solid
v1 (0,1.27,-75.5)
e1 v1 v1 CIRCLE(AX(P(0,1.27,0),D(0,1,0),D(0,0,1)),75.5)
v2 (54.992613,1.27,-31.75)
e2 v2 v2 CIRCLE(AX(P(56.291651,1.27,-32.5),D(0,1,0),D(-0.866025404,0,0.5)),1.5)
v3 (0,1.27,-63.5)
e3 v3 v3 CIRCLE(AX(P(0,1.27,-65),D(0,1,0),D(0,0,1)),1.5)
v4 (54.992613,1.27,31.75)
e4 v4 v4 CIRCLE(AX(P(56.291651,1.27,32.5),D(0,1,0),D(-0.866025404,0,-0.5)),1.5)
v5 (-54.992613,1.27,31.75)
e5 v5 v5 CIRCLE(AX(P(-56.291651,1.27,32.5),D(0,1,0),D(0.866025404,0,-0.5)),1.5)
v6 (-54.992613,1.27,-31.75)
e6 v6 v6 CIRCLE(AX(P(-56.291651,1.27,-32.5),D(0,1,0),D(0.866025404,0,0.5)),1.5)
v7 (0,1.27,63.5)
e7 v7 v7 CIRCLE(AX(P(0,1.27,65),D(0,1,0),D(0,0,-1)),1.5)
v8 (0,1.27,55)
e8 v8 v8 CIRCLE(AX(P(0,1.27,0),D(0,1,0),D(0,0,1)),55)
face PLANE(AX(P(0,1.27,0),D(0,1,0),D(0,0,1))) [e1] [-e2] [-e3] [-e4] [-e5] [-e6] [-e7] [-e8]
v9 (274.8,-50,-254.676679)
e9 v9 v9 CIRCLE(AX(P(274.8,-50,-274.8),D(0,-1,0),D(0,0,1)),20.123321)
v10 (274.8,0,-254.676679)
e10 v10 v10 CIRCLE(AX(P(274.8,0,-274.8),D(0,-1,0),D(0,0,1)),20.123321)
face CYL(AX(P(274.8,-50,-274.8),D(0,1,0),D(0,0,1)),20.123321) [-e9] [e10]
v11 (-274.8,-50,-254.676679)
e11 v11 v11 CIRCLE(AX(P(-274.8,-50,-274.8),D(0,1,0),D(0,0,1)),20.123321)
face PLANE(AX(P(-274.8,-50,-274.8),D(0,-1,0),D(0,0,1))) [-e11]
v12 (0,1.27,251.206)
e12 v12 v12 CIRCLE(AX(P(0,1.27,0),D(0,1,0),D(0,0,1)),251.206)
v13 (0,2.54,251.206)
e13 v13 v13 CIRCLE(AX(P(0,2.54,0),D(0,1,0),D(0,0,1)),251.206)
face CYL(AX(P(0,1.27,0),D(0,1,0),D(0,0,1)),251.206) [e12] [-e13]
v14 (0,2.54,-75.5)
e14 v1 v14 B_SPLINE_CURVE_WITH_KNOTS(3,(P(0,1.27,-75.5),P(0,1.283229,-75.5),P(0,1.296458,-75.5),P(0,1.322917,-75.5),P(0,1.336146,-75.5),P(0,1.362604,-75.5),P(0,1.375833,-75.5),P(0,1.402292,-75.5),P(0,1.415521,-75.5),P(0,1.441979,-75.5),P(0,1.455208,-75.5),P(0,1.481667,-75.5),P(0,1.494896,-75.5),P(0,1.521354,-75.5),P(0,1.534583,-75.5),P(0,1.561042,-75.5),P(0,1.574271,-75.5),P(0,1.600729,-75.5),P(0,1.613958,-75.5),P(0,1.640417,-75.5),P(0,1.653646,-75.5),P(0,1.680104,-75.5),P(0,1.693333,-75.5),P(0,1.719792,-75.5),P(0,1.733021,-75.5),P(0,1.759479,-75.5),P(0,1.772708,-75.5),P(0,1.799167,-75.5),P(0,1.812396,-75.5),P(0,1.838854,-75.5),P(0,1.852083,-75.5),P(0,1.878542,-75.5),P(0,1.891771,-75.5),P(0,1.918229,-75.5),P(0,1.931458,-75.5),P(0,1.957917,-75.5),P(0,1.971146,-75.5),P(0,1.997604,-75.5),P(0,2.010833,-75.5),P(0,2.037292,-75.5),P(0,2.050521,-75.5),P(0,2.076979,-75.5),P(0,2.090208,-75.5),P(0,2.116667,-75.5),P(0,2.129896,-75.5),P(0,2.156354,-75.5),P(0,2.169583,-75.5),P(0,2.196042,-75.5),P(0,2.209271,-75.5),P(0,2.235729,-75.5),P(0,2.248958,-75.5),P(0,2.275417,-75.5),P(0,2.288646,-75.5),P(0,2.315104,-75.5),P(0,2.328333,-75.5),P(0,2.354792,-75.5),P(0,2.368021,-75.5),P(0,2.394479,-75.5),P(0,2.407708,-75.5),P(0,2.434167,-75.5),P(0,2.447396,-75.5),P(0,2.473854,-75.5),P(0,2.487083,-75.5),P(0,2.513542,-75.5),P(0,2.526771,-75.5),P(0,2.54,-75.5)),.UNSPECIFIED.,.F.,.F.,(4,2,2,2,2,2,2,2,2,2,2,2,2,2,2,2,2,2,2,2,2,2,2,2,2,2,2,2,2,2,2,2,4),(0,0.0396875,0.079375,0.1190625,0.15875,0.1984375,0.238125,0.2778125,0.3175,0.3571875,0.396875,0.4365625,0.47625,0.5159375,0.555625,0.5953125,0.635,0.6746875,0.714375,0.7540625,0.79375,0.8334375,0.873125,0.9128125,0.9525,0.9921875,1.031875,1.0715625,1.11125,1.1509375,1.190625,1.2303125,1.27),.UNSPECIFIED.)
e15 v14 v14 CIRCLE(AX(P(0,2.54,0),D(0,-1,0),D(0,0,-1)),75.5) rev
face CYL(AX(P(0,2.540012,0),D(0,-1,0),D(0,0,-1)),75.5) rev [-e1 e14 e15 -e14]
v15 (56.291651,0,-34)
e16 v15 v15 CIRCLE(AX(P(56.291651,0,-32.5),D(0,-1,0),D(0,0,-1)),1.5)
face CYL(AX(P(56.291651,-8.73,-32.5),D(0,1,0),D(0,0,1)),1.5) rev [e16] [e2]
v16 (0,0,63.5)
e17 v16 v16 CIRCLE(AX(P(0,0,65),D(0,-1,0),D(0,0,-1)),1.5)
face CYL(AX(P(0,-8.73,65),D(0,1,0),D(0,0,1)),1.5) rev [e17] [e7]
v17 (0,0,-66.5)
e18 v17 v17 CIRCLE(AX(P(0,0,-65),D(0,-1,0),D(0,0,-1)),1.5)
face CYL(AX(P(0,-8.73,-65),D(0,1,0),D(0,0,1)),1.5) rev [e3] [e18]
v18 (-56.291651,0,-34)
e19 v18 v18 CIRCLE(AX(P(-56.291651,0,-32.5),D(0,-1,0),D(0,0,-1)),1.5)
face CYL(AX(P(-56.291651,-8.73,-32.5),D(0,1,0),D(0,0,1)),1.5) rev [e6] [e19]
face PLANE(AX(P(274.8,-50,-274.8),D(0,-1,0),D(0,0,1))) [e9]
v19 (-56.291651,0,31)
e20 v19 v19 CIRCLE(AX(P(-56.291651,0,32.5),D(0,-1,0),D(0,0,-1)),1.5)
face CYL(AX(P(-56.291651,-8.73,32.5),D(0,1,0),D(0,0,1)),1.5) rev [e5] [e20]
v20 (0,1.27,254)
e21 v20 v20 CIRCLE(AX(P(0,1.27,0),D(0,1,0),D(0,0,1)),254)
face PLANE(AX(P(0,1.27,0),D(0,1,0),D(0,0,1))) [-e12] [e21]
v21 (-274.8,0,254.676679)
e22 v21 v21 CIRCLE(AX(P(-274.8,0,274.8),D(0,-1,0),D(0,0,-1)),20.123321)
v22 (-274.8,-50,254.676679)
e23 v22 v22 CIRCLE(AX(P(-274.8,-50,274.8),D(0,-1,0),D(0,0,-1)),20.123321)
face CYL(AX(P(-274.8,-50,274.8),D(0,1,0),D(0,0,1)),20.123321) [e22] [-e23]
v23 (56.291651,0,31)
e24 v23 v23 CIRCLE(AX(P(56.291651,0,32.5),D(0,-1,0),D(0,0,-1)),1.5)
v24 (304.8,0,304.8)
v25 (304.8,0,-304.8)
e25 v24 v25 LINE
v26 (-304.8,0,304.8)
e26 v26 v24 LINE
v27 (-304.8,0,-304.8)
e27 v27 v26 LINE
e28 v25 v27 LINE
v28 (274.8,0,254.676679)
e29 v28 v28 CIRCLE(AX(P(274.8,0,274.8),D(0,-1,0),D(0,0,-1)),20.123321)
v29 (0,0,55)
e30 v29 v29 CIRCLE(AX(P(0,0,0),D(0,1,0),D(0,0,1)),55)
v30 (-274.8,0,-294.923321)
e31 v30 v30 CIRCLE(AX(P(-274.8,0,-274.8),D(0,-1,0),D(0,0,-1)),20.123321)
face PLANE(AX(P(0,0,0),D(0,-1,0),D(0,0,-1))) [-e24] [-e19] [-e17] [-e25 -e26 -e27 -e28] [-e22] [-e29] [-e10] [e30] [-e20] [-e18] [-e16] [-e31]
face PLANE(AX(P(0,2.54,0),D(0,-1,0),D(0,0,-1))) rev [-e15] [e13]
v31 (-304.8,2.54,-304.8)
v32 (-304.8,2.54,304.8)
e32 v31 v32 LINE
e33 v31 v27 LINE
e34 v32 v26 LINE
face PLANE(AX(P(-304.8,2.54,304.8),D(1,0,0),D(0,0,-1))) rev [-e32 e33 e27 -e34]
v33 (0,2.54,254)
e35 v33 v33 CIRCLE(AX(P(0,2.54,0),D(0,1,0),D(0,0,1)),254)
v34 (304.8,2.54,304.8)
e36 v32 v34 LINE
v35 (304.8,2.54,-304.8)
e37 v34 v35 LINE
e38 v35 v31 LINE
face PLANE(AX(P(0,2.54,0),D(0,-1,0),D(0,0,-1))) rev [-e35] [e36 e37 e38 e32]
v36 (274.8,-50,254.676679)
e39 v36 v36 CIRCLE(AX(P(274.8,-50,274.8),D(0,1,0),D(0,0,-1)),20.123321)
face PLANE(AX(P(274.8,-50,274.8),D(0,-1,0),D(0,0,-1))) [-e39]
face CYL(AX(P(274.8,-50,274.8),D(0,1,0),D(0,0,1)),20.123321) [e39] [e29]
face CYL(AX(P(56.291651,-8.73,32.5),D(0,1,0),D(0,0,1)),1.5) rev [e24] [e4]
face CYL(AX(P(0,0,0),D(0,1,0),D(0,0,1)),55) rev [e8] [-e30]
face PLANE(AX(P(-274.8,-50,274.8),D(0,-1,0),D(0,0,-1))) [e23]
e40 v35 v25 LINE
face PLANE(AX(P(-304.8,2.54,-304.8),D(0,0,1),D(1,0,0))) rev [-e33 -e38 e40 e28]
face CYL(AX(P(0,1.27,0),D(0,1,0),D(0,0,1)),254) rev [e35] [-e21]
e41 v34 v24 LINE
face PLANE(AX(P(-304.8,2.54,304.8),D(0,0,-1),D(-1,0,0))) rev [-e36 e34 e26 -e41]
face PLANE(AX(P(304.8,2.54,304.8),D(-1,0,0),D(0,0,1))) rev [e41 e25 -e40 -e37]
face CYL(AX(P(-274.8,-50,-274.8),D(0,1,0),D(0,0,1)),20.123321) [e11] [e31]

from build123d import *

# Parameters (mm, degrees)
SKETCH2_W                                  = 609.6
SKETCH2_H                                  = 609.6
BOSS_EXTRUDE1_DEPTH                        = 2.54
CUT_EXTRUDE1_DEPTH                         = 432.059777293
CUT_EXTRUDE1_DEPTH_BACK                    = 1.27
SKETCH5_R                                  = 75.5
CUT_EXTRUDE2_DEPTH                         = 432.054164694
CUT_EXTRUDE2_DEPTH_BACK                    = 432.054164694
SKETCH7_R                                  = 55
SKETCH12_R                                 = 20.123320675
BOSS_EXTRUDE2_DEPTH                        = 50
SKETCH13_R                                 = 1.5
CUT_EXTRUDE3_DEPTH                         = 10
CIRPATTERN2_COUNT                          = 6
MIRROR1_AT_THE_SECOND_PLANE_COPY_1_SKETC_R = 20.123320675
MIRROR1_AT_THE_SECOND_PLANE_COPY_1_DEPTH   = 50
SKETCH16_R                                 = 254
SKETCH16_R_2                               = 251.206
CUT_EXTRUDE6_DEPTH                         = 1.27


with BuildPart() as part:
    # Sketch2 → Boss-Extrude1 (new body)
    with BuildSketch(Plane(origin=(0, 0, 0), x_dir=(1, 0, 0), z_dir=(0, 1, 0))):
        Rectangle(SKETCH2_W, SKETCH2_H)
    extrude(amount=BOSS_EXTRUDE1_DEPTH)

    # Sketch5 → Cut-Extrude1 (cut, two sides: drawn at the far end of the back side and taken through both)
    with BuildSketch(Plane(origin=(0, 2.54, 0), x_dir=(1, 0, 0), z_dir=(0, 1, 0)).offset(-CUT_EXTRUDE1_DEPTH_BACK)):
        with Locations(Location((0, 0, 0), (0, 0, 90))):
            Circle(SKETCH5_R)
    extrude(amount=CUT_EXTRUDE1_DEPTH + CUT_EXTRUDE1_DEPTH_BACK, mode=Mode.SUBTRACT)

    # Sketch7 → Cut-Extrude2 (cut, two sides: drawn at the far end of the back side and taken through both)
    with BuildSketch(Plane(origin=(0, 1.27, 0), x_dir=(1, 0, 0), z_dir=(0, 1, 0)).offset(-CUT_EXTRUDE2_DEPTH_BACK)):
        with Locations(Location((0, 0, 0), (0, 0, 270))):
            Circle(SKETCH7_R)
    extrude(amount=CUT_EXTRUDE2_DEPTH + CUT_EXTRUDE2_DEPTH_BACK, mode=Mode.SUBTRACT)

    # Sketch12 → Boss-Extrude2 (add)
    with BuildSketch(Plane.XZ):
        with Locations(Location((-274.8, 274.8, 0), (0, 0, 270))):
            Circle(SKETCH12_R)
    boss_extrude2 = extrude(amount=BOSS_EXTRUDE2_DEPTH)

    # Sketch13 → Cut-Extrude3 (cut)
    with BuildSketch(Plane(origin=(0, 1.27, 0), x_dir=(1, 0, 0), z_dir=(0, 1, 0))):
        with Locations(Location((0, 65, 0), (0, 0, 270))):
            Circle(SKETCH13_R)
    cut_extrude3 = extrude(amount=-CUT_EXTRUDE3_DEPTH, mode=Mode.SUBTRACT)

    # CirPattern2: Cut-Extrude3 ×6 about axis
    cirpattern2_axis = Axis((0, 0, 0), (0, 1, 0))
    for i in range(1, CIRPATTERN2_COUNT):
        add(cut_extrude3.rotate(cirpattern2_axis, i * 360 / CIRPATTERN2_COUNT), mode=Mode.SUBTRACT)

    # Mirror1: Boss-Extrude2 across plane
    add(boss_extrude2.mirror(Plane.XY))

    # Mirror1 at the second plane: Boss-Extrude2 across plane
    add(boss_extrude2.mirror(Plane(origin=(0, 0, 0), x_dir=(0, 0, 1), z_dir=(1, 0, 0))))

    # Mirror1 at the second plane copy 1 sketc → Mirror1 at the second plane copy 1 (add)
    with BuildSketch(Plane(origin=(0, 0, 0), x_dir=(-1, 0, 0), z_dir=(0, -1, 0))):
        with Locations(Location((-274.8, 274.8, 0), (0, 0, 270))):
            Circle(MIRROR1_AT_THE_SECOND_PLANE_COPY_1_SKETC_R)
    extrude(amount=MIRROR1_AT_THE_SECOND_PLANE_COPY_1_DEPTH)

    # Sketch16 → Cut-Extrude6 (cut)
    with BuildSketch(Plane(origin=(0, 2.54, 0), x_dir=(1, 0, 0), z_dir=(0, 1, 0))):
        with Locations(Location((0, 0, 0), (0, 0, 270))):
            Circle(SKETCH16_R)
        with Locations(Location((0, 0, 0), (0, 0, 270))):
            Circle(SKETCH16_R_2, mode=Mode.SUBTRACT)
    extrude(amount=-CUT_EXTRUDE6_DEPTH, mode=Mode.SUBTRACT)


solid = part.part
